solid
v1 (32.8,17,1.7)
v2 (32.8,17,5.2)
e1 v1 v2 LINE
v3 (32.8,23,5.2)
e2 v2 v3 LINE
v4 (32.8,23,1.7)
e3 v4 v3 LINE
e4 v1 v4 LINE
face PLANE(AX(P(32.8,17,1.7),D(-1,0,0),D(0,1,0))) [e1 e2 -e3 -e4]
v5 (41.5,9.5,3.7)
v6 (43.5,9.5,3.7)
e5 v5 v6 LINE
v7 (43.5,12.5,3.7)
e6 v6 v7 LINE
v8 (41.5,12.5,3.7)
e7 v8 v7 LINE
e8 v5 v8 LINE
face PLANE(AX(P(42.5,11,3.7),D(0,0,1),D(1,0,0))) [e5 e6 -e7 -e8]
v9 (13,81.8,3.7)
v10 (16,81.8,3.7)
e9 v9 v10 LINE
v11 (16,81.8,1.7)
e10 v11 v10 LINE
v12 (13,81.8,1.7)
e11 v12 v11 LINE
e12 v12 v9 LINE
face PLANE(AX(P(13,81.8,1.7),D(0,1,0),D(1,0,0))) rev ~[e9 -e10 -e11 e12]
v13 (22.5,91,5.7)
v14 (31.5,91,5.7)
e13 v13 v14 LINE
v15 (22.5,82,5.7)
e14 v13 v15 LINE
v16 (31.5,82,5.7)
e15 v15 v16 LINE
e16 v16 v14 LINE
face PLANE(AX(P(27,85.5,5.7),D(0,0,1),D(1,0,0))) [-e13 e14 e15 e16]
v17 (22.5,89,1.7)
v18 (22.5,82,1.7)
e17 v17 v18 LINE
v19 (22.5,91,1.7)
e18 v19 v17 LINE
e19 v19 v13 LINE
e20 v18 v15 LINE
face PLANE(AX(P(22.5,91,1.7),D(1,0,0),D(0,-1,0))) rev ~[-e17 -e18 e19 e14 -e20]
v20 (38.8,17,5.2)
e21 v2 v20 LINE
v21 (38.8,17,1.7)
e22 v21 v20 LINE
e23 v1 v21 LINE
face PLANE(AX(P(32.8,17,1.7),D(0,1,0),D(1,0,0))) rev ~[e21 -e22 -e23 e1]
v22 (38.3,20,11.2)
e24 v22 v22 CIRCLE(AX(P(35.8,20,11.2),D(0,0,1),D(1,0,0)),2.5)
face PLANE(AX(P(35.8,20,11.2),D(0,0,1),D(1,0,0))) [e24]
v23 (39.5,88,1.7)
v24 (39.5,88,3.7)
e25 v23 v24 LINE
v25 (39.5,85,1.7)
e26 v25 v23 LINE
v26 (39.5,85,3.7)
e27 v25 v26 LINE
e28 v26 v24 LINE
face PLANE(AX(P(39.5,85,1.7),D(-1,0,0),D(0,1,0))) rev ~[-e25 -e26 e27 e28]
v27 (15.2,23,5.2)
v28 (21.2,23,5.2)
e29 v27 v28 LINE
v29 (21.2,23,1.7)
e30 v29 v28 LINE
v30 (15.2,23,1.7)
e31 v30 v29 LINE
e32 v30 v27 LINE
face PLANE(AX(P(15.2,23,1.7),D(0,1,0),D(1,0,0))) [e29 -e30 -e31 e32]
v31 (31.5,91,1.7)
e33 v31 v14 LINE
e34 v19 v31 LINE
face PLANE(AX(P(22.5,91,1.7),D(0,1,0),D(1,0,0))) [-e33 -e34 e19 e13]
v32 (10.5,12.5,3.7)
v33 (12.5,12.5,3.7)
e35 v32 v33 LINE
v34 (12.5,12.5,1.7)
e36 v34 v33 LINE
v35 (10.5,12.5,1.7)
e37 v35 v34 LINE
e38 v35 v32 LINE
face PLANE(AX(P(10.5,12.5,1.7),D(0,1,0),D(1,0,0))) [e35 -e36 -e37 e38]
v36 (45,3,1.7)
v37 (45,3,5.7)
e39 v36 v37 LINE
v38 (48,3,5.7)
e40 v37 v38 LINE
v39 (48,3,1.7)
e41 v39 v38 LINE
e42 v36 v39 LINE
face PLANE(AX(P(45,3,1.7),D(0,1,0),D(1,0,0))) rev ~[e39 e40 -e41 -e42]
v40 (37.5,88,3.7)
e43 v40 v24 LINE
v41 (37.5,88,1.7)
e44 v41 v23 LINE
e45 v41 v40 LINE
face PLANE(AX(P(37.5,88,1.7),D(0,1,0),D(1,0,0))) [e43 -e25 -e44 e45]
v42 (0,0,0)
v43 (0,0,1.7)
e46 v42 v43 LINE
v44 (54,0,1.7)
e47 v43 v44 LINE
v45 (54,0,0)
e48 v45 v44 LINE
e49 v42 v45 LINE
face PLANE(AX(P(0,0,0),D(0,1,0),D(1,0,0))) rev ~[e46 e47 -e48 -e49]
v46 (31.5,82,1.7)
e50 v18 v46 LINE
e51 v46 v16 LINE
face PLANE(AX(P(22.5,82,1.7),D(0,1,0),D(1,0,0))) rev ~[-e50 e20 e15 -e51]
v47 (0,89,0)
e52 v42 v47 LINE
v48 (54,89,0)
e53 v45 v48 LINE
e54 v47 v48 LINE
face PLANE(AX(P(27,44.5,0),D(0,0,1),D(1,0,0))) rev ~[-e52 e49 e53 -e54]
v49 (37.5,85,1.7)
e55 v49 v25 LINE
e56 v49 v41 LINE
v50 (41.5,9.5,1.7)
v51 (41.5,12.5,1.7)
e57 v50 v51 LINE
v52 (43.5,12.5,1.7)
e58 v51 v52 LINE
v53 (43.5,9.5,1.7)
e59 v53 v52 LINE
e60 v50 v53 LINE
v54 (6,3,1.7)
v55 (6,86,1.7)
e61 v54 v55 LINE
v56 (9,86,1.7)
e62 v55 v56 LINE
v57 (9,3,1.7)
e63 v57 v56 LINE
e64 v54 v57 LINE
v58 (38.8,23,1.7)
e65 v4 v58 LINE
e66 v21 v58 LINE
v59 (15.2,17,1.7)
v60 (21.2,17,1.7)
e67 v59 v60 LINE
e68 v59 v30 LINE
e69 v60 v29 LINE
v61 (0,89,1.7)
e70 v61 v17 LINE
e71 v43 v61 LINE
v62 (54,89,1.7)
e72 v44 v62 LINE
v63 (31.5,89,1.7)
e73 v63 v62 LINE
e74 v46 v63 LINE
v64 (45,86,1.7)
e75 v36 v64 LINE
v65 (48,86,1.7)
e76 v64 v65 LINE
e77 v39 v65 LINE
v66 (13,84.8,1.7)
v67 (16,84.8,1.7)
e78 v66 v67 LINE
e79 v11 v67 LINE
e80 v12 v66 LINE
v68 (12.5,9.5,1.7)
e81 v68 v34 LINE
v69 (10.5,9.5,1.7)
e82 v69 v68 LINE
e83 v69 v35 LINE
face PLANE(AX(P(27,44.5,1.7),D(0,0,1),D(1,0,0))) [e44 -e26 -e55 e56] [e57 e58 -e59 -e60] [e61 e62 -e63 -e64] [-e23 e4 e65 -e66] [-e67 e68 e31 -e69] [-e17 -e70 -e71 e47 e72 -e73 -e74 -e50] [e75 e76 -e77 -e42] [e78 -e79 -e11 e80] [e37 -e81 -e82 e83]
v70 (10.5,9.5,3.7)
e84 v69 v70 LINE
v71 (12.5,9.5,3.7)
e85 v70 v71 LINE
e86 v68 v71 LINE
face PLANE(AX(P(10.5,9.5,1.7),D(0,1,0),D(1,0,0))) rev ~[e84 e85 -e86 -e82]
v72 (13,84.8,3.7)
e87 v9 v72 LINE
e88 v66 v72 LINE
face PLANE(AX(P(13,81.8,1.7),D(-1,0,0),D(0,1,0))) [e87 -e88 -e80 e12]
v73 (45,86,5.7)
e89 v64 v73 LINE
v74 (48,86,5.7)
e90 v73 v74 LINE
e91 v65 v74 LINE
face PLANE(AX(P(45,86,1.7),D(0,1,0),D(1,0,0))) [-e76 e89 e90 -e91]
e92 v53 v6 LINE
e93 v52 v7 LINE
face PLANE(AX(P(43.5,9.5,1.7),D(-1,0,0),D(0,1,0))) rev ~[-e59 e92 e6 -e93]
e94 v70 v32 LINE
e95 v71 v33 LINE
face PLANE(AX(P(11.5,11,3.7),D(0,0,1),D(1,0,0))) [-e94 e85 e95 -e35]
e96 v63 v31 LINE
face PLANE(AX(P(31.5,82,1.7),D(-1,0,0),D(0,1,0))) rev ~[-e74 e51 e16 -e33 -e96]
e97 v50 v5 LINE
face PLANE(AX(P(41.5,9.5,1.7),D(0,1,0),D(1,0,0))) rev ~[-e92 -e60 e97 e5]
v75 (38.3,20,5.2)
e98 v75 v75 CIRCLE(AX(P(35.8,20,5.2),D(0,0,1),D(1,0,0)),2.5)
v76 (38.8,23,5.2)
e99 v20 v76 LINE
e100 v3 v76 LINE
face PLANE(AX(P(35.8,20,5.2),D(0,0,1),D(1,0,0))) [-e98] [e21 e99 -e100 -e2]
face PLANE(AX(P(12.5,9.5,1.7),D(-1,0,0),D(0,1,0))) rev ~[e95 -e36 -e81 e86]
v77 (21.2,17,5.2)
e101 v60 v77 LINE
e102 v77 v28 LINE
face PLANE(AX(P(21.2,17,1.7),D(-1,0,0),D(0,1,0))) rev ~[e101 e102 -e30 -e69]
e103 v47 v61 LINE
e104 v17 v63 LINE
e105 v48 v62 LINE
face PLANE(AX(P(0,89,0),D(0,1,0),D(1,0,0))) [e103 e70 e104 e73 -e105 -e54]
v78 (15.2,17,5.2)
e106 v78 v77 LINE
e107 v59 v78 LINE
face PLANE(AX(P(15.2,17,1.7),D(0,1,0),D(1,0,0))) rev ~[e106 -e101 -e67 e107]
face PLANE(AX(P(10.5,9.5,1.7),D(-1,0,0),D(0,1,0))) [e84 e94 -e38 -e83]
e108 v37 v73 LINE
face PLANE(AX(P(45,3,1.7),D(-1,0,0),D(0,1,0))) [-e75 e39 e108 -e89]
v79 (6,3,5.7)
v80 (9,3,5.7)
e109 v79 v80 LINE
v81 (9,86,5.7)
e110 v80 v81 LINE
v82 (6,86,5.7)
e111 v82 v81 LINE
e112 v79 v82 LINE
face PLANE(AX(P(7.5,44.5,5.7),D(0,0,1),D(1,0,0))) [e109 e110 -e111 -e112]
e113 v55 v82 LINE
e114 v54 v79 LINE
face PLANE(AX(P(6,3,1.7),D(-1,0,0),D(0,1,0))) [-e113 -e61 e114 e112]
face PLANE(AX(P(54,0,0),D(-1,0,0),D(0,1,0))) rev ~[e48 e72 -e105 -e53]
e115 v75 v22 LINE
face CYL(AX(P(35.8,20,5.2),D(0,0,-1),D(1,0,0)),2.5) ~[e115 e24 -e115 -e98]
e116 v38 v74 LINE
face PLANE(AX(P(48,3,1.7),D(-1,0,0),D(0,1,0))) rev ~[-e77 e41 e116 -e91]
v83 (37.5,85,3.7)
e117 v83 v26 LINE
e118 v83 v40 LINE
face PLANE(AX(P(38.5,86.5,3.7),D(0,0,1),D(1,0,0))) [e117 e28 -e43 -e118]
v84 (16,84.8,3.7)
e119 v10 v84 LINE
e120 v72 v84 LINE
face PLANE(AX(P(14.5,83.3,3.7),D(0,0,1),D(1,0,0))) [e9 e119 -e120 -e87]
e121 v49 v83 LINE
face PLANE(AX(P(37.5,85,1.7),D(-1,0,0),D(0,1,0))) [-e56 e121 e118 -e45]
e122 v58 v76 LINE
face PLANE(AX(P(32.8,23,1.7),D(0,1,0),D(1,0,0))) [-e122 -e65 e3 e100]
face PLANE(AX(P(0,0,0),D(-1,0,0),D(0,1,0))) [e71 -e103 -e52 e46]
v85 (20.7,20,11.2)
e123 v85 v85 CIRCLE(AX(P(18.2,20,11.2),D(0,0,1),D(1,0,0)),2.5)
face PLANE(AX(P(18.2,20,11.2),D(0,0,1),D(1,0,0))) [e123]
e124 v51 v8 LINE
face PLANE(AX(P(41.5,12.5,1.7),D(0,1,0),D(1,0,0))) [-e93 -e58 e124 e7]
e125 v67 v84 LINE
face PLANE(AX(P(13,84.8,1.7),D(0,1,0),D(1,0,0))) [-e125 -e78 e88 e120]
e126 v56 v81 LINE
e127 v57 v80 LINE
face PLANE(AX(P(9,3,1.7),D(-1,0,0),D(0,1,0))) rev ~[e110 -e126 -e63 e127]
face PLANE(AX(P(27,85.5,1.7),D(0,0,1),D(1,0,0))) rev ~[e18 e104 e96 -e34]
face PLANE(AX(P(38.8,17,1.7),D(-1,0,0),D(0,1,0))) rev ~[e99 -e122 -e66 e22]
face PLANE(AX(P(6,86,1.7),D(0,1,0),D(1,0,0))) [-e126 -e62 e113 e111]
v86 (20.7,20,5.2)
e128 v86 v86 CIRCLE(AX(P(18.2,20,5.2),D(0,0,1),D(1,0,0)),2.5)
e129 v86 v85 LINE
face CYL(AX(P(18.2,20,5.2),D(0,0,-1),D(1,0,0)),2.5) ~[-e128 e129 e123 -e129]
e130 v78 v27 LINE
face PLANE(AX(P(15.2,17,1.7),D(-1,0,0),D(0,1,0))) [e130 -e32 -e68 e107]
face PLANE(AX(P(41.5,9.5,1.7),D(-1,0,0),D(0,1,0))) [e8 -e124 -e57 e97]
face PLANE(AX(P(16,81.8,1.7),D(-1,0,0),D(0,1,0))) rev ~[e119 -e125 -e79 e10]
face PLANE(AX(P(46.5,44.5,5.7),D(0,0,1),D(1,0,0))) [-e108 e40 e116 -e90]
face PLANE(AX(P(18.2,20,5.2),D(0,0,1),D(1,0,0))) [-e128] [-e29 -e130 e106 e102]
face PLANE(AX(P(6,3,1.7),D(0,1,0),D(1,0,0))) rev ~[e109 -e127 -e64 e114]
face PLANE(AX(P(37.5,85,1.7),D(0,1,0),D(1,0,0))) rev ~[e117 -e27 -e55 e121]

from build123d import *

# Parameters (mm, degrees)
F0_W      = 54
F0_H      = 89
F1_DEPTH  = 1.7
F2_W      = 3
F2_H      = 83
F3_DEPTH  = 4
F4_W      = 6
F4_H      = 6
F5_DEPTH  = 3.5
F7_R      = 2.5
F6_R      = 2.5
F8_DEPTH  = 6
F9_W      = 2
F9_H      = 3
F10_DEPTH = 2
F11_W     = 9
F11_H     = 7
F11_H_2   = 2
F12_DEPTH = 4
F13_W     = 3
F13_H     = 3
F13_W_2   = 2
F14_DEPTH = 2


with BuildPart() as f1:
    # F0 (on Top) → F1 (new body)
    with BuildSketch(Plane.XY):
        with Locations((27, 44.5)):
            Rectangle(F0_W, F0_H)
    extrude(amount=F1_DEPTH)

    # F2 (on face) → F3 (join)
    with BuildSketch(Plane.XY.offset(1.7)):
        with Locations((7.5, 44.5)):
            Rectangle(F2_W, F2_H)
        with Locations((46.5, 44.5)):
            Rectangle(F2_W, F2_H)
    extrude(amount=F3_DEPTH)

    # F4 (on face) → F5 (join)
    with BuildSketch(Plane.XY.offset(1.7)):
        with Locations((18.2, 20)):
            Rectangle(F4_W, F4_H)
        with Locations((35.8, 20)):
            Rectangle(F4_W, F4_H)
    extrude(amount=F5_DEPTH)

    # F7 (on face) + F6 (on face) → F8 (join)
    with BuildSketch(Plane.XY.offset(5.2)):
        with Locations((35.8, 20)):
            Circle(F7_R)
    with BuildSketch(Plane.XY.offset(5.2)):
        with Locations((18.2, 20)):
            Circle(F6_R)
    extrude(amount=F8_DEPTH)

    # F9 (on face) → F10 (join)
    with BuildSketch(Plane.XY.offset(1.7)):
        with Locations((42.5, 11)):
            Rectangle(F9_W, F9_H)
        with Locations((11.5, 11)):
            Rectangle(F9_W, F9_H)
    extrude(amount=F10_DEPTH)

    # F11 (on face) → F12 (join)
    with BuildSketch(Plane.XY.offset(1.7)):
        with Locations((27, 85.5)):
            Rectangle(F11_W, F11_H)
        with Locations((27, 90)):
            Rectangle(F11_W, F11_H_2)
    extrude(amount=F12_DEPTH)

    # F13 (on face) → F14 (join)
    with BuildSketch(Plane.XY.offset(1.7)):
        with Locations((14.5, 83.3)):
            Rectangle(F13_W, F13_H)
        with Locations((38.5, 86.5)):
            Rectangle(F13_W_2, F13_H)
    extrude(amount=F14_DEPTH)


solid = f1.part
